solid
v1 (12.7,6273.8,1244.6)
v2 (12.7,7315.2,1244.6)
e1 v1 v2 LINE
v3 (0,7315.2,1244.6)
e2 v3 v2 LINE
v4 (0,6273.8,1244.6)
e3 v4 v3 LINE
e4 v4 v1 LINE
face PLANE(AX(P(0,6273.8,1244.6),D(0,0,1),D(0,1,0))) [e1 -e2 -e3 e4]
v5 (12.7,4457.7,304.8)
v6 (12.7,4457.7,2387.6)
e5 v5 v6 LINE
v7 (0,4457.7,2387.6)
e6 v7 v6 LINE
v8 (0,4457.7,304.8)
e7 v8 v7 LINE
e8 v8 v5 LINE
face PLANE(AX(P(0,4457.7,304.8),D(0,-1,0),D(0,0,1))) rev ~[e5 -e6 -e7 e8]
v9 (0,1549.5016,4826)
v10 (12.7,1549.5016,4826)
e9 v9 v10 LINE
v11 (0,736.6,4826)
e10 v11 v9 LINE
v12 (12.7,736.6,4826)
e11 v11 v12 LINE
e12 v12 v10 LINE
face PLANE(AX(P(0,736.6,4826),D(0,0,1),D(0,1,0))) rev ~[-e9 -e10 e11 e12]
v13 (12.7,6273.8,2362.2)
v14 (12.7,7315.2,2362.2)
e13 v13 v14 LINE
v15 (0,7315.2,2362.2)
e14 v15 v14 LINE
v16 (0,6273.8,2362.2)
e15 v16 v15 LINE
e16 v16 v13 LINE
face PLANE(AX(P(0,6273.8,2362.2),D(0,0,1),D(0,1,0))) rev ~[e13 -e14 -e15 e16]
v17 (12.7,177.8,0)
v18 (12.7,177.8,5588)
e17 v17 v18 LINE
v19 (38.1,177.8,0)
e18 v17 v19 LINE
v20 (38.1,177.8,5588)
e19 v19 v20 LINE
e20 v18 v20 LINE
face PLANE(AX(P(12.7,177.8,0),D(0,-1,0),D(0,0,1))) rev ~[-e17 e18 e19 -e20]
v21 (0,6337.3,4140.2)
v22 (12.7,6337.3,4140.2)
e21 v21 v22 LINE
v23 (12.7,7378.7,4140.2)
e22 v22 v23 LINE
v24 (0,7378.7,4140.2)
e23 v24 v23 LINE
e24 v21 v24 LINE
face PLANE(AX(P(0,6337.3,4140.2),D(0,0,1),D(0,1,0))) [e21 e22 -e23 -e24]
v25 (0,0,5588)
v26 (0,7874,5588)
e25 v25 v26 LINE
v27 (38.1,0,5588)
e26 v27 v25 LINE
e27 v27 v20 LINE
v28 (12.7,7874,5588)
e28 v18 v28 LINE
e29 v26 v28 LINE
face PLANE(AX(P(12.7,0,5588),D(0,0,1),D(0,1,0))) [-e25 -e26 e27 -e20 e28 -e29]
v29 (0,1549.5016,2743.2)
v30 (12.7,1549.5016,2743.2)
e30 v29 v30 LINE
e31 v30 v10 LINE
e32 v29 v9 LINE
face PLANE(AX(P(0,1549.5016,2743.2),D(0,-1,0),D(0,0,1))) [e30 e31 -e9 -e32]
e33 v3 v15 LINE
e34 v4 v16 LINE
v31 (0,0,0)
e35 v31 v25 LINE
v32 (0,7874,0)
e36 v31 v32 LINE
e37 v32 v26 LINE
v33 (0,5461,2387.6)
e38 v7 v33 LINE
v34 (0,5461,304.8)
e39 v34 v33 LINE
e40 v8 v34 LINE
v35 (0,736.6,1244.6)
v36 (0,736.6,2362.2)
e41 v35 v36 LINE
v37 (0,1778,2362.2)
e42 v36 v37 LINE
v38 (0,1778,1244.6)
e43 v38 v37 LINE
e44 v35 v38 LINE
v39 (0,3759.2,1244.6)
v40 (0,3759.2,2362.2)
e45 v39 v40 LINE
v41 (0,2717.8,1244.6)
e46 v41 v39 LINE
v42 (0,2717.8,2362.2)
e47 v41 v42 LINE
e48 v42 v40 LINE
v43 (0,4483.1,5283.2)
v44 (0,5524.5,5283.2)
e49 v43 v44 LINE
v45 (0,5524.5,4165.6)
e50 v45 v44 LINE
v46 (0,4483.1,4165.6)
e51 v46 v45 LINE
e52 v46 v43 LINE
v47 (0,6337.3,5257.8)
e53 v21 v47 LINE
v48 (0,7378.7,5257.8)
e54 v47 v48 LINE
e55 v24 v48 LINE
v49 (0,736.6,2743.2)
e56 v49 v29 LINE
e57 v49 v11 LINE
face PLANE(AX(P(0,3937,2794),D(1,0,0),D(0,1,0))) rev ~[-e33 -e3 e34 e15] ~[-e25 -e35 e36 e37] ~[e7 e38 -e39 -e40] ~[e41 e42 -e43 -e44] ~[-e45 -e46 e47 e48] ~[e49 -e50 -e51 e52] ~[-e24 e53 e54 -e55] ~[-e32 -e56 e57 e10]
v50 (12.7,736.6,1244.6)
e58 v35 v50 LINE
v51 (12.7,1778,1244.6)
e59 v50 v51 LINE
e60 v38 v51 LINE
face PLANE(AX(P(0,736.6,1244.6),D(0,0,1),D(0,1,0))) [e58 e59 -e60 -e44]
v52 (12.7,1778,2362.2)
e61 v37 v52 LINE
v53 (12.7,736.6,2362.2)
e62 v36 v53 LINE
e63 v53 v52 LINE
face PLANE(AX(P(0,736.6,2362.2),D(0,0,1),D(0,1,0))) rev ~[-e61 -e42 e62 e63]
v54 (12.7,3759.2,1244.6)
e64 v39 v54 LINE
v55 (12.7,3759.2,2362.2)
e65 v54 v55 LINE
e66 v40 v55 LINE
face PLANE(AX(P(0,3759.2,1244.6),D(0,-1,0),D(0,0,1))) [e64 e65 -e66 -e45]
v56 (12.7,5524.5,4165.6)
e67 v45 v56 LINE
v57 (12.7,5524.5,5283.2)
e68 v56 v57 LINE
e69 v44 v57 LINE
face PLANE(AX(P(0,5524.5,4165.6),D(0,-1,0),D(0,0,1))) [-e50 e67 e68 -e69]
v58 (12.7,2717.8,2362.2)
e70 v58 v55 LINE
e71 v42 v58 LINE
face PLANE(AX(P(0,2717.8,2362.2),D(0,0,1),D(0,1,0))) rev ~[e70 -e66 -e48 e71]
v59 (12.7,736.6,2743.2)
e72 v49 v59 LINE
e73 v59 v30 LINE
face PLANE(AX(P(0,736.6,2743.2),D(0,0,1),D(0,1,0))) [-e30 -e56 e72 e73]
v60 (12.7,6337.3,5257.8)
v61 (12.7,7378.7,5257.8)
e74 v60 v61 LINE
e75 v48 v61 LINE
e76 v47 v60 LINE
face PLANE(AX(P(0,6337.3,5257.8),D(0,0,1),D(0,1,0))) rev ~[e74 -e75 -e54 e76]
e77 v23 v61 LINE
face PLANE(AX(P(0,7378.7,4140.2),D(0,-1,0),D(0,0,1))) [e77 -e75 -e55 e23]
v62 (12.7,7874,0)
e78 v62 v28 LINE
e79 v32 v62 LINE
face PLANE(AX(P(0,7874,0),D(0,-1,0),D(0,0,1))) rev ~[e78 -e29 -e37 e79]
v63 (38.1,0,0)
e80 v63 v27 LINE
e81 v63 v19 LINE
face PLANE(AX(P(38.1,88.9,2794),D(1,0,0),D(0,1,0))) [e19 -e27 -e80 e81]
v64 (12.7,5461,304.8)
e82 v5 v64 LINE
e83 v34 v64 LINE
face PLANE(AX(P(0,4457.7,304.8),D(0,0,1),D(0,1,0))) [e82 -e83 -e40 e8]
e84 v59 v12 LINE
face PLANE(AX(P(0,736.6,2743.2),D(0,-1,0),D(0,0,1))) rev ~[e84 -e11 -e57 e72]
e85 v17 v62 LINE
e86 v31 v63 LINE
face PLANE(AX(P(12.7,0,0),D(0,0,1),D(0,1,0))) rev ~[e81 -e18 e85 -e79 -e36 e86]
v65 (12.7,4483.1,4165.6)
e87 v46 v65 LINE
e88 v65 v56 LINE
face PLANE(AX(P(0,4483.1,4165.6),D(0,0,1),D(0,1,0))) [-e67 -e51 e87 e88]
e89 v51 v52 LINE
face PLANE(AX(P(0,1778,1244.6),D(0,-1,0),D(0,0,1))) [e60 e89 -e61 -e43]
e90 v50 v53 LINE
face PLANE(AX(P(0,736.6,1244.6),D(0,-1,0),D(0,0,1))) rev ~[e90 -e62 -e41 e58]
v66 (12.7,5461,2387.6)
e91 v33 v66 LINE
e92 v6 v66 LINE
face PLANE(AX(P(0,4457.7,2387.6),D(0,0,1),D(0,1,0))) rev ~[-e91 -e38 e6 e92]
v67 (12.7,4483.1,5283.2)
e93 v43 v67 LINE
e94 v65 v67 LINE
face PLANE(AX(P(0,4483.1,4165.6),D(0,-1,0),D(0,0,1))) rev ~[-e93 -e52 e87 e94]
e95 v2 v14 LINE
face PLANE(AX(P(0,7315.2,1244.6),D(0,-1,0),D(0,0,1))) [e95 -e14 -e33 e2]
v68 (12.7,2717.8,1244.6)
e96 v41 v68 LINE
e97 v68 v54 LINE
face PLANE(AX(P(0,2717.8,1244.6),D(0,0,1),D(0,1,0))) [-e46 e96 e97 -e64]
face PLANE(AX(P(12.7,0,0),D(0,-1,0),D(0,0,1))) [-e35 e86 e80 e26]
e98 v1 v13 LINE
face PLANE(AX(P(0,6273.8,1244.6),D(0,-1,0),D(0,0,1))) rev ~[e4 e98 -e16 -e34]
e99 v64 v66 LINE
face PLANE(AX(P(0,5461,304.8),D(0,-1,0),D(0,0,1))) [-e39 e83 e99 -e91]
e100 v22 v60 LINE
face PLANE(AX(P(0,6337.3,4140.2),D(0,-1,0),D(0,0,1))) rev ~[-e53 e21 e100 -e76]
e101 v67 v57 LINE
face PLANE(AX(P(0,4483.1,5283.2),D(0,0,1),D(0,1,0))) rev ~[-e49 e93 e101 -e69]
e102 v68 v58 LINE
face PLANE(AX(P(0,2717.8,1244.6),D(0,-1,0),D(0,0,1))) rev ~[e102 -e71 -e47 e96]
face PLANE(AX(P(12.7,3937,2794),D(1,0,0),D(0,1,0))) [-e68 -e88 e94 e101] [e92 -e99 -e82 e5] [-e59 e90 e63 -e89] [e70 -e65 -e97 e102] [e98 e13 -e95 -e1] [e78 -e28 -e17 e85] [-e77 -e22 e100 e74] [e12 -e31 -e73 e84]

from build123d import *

# Parameters (mm, degrees)
F0_W     = 7874
F0_H     = 5588
F0_W_2   = 1041.4
F0_H_2   = 1117.6
F0_W_3   = 1003.3
F0_H_3   = 2082.8
F0_W_4   = 812.9016
F1_DEPTH = 12.7
F2_W     = 177.8
F2_H     = 5588
F3_DEPTH = 25.4


with BuildPart() as f1:
    # F0 (on Right) → F1 (new body)
    with BuildSketch(Plane.YZ):
        with Locations((3937, 2794)):
            Rectangle(F0_W, F0_H)
        with Locations((1257.3, 1803.4)):
            Rectangle(F0_W_2, F0_H_2, mode=Mode.SUBTRACT)
        with Locations((3238.5, 1803.4)):
            Rectangle(F0_W_2, F0_H_2, mode=Mode.SUBTRACT)
        with Locations((4959.35, 1346.2)):
            Rectangle(F0_W_3, F0_H_3, mode=Mode.SUBTRACT)
        with Locations((6794.5, 1803.4)):
            Rectangle(F0_W_2, F0_H_2, mode=Mode.SUBTRACT)
        with Locations((1143.0508, 3784.6)):
            Rectangle(F0_W_4, F0_H_3, mode=Mode.SUBTRACT)
        with Locations((5003.8, 4724.4)):
            Rectangle(F0_W_2, F0_H_2, mode=Mode.SUBTRACT)
        with Locations((6858, 4699)):
            Rectangle(F0_W_2, F0_H_2, mode=Mode.SUBTRACT)
    extrude(amount=F1_DEPTH)

    # F2 (on face) → F3 (join)
    with BuildSketch(Plane.YZ.offset(12.7)):
        with Locations((88.9, 2794)):
            Rectangle(F2_W, F2_H)
    extrude(amount=F3_DEPTH)


solid = f1.part
